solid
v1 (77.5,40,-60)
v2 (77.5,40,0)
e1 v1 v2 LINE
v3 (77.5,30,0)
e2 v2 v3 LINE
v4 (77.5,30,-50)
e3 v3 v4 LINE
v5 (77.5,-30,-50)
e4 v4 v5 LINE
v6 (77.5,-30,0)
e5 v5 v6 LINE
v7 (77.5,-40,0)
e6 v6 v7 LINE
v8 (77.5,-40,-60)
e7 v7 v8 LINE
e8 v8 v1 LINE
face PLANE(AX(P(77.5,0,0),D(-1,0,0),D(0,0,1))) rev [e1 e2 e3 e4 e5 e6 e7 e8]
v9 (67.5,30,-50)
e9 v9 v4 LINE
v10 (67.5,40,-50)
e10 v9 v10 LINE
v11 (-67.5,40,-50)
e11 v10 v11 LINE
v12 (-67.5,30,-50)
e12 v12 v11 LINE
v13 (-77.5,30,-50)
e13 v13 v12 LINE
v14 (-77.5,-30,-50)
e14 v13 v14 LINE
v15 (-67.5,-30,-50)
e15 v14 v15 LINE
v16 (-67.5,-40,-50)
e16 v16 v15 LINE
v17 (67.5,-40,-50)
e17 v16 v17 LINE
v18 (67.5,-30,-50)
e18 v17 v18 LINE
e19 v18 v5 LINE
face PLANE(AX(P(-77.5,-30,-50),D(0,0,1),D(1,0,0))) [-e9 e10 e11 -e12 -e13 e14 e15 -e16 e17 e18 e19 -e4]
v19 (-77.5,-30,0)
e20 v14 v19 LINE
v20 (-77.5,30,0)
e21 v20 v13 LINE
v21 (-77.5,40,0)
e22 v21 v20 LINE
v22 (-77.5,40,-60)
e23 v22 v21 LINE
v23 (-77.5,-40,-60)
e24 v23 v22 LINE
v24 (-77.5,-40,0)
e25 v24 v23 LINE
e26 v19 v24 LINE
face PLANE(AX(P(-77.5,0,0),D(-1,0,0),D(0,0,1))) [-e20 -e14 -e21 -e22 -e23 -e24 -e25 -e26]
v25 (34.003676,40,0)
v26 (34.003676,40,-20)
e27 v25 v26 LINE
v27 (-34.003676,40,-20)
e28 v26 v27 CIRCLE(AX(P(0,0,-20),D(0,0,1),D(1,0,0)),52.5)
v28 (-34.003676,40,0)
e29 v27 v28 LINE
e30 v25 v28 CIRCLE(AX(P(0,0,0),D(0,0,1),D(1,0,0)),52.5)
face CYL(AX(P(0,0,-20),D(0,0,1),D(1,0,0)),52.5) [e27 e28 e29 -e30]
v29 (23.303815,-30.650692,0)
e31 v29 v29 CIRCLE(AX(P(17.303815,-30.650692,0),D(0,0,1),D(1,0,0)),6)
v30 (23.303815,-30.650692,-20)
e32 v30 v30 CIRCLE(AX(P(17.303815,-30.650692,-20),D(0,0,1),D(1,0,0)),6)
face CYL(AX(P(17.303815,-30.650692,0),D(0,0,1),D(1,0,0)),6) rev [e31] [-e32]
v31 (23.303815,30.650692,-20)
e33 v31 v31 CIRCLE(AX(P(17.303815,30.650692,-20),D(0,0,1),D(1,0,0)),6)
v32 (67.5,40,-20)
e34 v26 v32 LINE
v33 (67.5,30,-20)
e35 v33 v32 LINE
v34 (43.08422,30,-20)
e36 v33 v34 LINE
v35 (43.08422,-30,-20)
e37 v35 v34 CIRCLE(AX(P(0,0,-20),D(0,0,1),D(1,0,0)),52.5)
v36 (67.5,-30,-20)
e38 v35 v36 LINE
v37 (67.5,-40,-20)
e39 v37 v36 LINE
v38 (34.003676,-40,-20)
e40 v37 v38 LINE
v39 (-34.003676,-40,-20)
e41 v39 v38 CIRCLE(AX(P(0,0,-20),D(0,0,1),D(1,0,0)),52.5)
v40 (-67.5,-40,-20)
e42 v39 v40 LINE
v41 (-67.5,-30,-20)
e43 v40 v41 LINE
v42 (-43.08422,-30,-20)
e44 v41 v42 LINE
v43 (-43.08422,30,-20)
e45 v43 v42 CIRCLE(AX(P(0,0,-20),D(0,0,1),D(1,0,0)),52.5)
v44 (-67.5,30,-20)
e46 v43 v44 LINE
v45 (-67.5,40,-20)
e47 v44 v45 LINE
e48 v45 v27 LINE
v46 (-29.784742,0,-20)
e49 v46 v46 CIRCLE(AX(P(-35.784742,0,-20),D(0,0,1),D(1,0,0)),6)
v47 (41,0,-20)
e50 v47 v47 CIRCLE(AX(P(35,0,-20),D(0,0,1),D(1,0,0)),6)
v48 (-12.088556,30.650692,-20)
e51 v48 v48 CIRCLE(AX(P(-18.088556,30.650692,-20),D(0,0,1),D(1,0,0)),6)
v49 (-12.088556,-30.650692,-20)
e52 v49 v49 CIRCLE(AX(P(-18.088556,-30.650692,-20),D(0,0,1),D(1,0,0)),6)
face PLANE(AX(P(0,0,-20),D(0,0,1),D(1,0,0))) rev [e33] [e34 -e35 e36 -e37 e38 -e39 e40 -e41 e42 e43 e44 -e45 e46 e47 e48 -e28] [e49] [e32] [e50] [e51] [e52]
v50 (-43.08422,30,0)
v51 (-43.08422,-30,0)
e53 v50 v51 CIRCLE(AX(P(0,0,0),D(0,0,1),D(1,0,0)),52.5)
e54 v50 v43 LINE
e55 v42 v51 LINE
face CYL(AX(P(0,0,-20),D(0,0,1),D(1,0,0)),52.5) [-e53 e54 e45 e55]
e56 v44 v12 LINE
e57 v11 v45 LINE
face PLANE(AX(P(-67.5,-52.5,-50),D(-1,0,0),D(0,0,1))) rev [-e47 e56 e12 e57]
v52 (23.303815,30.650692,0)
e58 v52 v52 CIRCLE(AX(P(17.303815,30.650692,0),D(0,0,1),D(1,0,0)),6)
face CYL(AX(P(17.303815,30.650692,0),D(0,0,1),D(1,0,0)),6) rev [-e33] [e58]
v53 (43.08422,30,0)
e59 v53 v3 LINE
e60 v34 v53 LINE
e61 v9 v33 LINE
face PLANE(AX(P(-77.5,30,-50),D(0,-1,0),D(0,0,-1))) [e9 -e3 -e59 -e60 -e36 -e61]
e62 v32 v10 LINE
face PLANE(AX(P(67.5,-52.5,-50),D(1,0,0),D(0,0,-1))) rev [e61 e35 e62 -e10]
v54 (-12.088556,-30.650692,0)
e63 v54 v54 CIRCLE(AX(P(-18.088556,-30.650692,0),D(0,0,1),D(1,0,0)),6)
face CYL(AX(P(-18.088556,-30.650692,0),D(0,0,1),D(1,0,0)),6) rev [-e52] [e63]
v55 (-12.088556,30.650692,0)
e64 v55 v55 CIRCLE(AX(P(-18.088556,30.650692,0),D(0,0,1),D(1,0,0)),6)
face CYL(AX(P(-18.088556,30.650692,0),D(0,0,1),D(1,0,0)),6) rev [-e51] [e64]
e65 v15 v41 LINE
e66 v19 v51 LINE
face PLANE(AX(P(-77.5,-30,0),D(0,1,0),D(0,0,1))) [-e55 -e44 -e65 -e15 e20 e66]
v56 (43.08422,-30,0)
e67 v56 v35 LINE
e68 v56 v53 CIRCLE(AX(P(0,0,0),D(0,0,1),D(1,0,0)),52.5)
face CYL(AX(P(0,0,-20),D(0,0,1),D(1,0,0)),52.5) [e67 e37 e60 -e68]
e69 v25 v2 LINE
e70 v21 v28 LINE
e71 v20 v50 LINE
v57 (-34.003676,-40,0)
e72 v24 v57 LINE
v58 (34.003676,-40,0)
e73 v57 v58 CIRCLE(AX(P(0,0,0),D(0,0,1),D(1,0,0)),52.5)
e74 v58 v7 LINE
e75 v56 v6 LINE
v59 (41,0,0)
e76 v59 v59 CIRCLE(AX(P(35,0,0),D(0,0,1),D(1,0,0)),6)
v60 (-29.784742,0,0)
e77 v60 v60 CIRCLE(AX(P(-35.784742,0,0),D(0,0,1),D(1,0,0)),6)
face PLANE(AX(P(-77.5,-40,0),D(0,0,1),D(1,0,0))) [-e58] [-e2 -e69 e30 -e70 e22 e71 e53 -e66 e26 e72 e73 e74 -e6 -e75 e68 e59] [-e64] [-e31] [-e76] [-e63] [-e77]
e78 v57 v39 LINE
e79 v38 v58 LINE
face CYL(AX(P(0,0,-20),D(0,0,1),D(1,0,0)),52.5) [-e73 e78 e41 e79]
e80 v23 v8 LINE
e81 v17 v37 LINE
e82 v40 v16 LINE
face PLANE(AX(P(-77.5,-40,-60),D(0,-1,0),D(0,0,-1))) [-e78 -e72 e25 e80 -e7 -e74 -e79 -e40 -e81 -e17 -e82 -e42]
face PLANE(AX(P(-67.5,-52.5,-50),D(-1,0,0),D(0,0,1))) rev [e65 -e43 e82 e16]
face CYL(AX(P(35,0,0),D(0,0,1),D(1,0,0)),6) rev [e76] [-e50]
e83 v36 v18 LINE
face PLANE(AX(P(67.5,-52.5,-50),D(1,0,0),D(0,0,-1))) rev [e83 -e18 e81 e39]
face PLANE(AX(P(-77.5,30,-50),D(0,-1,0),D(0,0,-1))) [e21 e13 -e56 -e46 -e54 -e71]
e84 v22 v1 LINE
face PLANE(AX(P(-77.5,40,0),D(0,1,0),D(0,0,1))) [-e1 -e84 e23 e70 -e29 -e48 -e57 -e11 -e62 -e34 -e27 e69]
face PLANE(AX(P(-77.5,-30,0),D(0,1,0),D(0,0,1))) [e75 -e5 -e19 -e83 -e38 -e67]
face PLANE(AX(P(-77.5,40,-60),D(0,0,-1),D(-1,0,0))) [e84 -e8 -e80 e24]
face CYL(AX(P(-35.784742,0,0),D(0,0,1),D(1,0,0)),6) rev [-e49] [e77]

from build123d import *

# Parameters (mm, degrees)
BOSS_EXTRUDE1_DEPTH      = 77.5
BOSS_EXTRUDE1_DEPTH_BACK = 77.5
SKETCH2_R                = 52.5
BOSS_EXTRUDE2_DEPTH      = 20
SKETCH3_W                = 135
SKETCH3_H                = 30
CUT_EXTRUDE1_DEPTH       = 135.768319719
HOLE1_D                  = 12
HOLE1_DEPTH              = 20
CIRPATTERN1_COUNT        = 6


with BuildPart() as part:
    # Sketch1 → Boss-Extrude1 (new, two sides: drawn at the far end of the back side and taken through both)
    with BuildSketch(Plane(origin=(0, 0, 0), x_dir=(0, 0, -1), z_dir=(1, 0, 0)).offset(-BOSS_EXTRUDE1_DEPTH_BACK)):
        Polygon((0, 40), (60, 40), (60, -40), (0, -40), (0, -30), (50, -30), (50, 30), (0, 30), align=None)
    extrude(amount=BOSS_EXTRUDE1_DEPTH + BOSS_EXTRUDE1_DEPTH_BACK)

    # Sketch2 → Boss-Extrude2 (add)
    with BuildSketch(Plane.XY):
        Circle(SKETCH2_R)
    extrude(amount=-BOSS_EXTRUDE2_DEPTH)

    # Sketch3 → Cut-Extrude1 (cut, through all)
    with BuildSketch(Plane(origin=(0, 40, 0), x_dir=(1, 0, 0), z_dir=(0, 1, 0))):
        with Locations((0, 35)):
            Rectangle(SKETCH3_W, SKETCH3_H)
    extrude(amount=-CUT_EXTRUDE1_DEPTH, mode=Mode.SUBTRACT)

    # Hole1
    with Locations(Plane.XY):
        with Locations((35, 0)):
            hole1 = Hole(HOLE1_D / 2, depth=HOLE1_DEPTH)

    # CirPattern1: Hole1 ×6 about axis
    cirpattern1_axis = Axis((-0.392370816, 0, 0), (0, 0, 1))
    for i in range(1, CIRPATTERN1_COUNT):
        add(hole1.rotate(cirpattern1_axis, i * 360 / CIRPATTERN1_COUNT), mode=Mode.SUBTRACT)


solid = part.part
